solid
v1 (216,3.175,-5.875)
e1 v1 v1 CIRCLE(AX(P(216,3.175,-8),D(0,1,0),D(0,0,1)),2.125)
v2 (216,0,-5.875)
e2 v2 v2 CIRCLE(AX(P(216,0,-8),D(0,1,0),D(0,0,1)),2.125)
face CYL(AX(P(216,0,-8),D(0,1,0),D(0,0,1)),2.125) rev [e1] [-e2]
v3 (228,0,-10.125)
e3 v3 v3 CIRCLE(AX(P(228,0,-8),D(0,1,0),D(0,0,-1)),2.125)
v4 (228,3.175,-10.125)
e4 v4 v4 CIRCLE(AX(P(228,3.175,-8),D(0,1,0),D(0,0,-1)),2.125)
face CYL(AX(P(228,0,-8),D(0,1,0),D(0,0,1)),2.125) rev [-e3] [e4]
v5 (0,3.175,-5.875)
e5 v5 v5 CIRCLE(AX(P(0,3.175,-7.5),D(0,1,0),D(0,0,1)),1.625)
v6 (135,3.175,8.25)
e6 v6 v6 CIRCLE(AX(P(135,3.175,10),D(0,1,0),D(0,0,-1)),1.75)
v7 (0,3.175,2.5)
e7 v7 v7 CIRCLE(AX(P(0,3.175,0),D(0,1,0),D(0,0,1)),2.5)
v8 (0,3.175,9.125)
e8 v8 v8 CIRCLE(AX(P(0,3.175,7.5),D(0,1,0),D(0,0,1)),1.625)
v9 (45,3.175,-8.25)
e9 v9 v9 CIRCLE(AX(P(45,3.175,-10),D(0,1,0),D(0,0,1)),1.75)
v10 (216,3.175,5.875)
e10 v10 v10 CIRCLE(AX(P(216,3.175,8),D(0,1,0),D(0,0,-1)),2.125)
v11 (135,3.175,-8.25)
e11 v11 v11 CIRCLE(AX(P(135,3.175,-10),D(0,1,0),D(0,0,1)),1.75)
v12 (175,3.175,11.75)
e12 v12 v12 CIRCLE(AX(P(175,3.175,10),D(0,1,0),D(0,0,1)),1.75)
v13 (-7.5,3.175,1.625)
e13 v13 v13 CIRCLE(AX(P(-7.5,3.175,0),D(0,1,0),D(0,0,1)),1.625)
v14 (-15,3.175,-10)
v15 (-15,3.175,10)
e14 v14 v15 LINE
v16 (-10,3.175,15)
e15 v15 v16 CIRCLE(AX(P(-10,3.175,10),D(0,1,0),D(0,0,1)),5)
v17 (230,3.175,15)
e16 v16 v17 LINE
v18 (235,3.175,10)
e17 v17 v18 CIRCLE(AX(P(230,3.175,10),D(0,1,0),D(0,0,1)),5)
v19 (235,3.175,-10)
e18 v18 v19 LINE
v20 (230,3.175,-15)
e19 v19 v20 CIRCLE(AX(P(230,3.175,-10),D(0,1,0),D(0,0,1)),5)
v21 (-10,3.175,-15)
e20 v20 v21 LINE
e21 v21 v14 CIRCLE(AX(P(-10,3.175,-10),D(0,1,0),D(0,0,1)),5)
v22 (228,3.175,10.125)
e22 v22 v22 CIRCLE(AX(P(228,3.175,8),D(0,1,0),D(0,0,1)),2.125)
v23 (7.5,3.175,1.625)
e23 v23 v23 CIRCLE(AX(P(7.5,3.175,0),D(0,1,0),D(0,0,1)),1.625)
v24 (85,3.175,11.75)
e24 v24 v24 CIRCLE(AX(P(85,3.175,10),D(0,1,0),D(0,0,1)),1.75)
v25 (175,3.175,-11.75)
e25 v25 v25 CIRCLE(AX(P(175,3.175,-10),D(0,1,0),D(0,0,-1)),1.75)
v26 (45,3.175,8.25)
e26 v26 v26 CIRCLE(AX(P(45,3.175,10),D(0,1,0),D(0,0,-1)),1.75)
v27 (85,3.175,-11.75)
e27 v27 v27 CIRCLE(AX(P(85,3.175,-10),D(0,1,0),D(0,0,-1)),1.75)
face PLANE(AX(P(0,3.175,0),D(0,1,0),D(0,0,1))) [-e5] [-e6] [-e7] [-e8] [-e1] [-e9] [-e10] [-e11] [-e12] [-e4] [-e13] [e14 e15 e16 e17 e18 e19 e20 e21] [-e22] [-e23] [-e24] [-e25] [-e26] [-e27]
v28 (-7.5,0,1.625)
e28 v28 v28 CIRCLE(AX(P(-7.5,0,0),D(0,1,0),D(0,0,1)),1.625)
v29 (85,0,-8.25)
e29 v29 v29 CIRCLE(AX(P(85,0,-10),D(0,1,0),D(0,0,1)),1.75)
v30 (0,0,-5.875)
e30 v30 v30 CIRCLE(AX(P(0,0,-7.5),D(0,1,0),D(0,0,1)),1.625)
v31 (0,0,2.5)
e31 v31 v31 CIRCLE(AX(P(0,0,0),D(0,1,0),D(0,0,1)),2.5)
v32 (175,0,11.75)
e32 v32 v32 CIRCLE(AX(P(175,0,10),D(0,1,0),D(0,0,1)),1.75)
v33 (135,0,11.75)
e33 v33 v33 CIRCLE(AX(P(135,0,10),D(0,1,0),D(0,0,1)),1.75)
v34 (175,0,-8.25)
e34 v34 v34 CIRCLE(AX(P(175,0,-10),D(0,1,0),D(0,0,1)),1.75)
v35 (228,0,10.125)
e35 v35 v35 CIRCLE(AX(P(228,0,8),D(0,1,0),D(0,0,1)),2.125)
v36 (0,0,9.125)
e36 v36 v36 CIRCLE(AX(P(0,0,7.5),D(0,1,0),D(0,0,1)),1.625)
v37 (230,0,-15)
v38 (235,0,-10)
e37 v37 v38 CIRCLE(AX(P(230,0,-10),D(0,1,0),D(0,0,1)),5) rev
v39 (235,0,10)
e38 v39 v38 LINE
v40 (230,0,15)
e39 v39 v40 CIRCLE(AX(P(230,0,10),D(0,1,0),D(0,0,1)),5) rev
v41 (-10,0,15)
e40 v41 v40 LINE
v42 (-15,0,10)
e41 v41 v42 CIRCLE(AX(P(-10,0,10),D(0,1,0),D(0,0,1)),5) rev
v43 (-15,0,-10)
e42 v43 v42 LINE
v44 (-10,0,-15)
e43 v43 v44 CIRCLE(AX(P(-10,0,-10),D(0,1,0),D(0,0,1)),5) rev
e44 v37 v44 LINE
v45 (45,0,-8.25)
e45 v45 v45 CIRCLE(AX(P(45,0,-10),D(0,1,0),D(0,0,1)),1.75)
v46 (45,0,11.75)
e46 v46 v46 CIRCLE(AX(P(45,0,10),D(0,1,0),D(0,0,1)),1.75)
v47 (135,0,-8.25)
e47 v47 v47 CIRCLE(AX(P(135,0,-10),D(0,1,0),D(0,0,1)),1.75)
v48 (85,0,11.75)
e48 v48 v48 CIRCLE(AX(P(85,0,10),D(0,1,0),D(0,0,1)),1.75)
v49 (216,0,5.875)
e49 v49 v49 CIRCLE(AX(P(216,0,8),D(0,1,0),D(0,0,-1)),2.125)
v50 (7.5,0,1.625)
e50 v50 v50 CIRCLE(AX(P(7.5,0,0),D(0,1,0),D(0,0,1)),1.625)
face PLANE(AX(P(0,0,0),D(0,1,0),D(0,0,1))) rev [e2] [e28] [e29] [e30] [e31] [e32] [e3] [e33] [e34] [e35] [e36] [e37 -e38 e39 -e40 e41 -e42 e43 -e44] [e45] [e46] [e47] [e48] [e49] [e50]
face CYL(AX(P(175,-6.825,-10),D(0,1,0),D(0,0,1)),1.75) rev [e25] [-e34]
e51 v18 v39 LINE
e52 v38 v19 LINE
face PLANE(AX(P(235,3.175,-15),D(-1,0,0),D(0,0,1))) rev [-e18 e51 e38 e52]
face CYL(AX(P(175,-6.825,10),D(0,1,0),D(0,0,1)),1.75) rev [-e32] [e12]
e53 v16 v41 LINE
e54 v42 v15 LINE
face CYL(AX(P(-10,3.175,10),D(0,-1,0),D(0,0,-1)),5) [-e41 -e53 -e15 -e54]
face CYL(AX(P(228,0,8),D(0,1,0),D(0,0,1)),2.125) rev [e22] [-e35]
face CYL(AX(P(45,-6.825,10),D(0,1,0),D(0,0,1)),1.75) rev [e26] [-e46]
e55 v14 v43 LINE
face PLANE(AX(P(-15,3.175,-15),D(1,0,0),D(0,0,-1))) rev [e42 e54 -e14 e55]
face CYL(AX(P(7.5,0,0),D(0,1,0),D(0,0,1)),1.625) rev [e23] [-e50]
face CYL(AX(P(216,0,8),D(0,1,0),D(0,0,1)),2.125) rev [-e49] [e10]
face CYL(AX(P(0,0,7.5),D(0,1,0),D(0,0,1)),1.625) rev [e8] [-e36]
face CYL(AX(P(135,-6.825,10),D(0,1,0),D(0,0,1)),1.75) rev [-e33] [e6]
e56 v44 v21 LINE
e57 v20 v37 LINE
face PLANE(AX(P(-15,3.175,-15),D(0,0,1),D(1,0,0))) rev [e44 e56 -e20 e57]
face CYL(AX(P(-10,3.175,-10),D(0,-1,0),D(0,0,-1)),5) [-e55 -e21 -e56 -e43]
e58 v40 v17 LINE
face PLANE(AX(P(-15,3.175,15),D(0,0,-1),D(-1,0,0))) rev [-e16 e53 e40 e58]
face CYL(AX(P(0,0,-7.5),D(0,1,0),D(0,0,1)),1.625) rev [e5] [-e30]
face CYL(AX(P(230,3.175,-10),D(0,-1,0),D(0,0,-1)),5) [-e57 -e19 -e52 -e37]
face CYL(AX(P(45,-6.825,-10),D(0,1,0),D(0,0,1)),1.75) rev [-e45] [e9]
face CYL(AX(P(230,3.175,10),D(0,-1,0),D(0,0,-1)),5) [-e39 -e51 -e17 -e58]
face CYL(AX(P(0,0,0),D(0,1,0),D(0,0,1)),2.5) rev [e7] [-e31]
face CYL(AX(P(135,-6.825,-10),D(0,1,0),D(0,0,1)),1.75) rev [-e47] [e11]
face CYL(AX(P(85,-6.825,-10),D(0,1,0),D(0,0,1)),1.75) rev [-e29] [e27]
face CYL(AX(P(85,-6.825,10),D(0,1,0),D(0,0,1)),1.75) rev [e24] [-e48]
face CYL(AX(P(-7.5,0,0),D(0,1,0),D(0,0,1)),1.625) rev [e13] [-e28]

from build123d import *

# Parameters (mm, degrees)
SKETCH1_W           = 250
SKETCH1_H           = 30
BOSS_EXTRUDE1_DEPTH = 3.175
FILLET1_R           = 5
SKETCH2_R           = 2.5
CUT_EXTRUDE1_DEPTH  = 236.499640393
SKETCH3_R           = 1.625
CUT_EXTRUDE3_DEPTH  = 236.499640393
SKETCH4_R           = 1.75
CUT_EXTRUDE4_DEPTH  = 10
SKETCH5_R           = 2.125
CUT_EXTRUDE5_DEPTH  = 236.499640393


with BuildPart() as part:
    # Sketch1 → Boss-Extrude1 (new body)
    with BuildSketch(Plane(origin=(0, 0, 0), x_dir=(1, 0, 0), z_dir=(0, 1, 0))):
        with Locations((110, 0)):
            Rectangle(SKETCH1_W, SKETCH1_H)
    extrude(amount=BOSS_EXTRUDE1_DEPTH)

    # Fillet1
    fillet1_edges = [part.edges().sort_by_distance(p)[0] for p in [
        (-15, 1.5875, -15),
        (235, 1.5875, -15),
        (235, 1.5875, 15),
        (-15, 1.5875, 15),
    ]]
    fillet(fillet1_edges, radius=FILLET1_R)

    # Sketch2 → Cut-Extrude1 (cut, through all)
    with BuildSketch(Plane(origin=(0, 3.175, 0), x_dir=(1, 0, 0), z_dir=(0, 1, 0))):
        with Locations(Location((0, 0, 0), (0, 0, 270))):
            Circle(SKETCH2_R)
    extrude(amount=-CUT_EXTRUDE1_DEPTH, mode=Mode.SUBTRACT)

    # Sketch3 → Cut-Extrude3 (cut, through all)
    with BuildSketch(Plane(origin=(0, 3.175, 0), x_dir=(1, 0, 0), z_dir=(0, 1, 0))):
        with Locations(Location((7.5, 0, 0), (0, 0, 270))):
            Circle(SKETCH3_R)
        with Locations(Location((0, -7.5, 0), (0, 0, 270))):
            Circle(SKETCH3_R)
        with Locations(Location((-7.5, 0, 0), (0, 0, 270))):
            Circle(SKETCH3_R)
        with Locations(Location((0, 7.5, 0), (0, 0, 270))):
            Circle(SKETCH3_R)
    extrude(amount=-CUT_EXTRUDE3_DEPTH, mode=Mode.SUBTRACT)

    # Sketch4 → Cut-Extrude4 (cut)
    with BuildSketch(Plane(origin=(0, 3.175, 0), x_dir=(1, 0, 0), z_dir=(0, 1, 0))):
        with Locations(Location((85, -10, 0), (0, 0, 270))):
            Circle(SKETCH4_R)
        with Locations(Location((135, -10, 0), (0, 0, 270))):
            Circle(SKETCH4_R)
        with Locations(Location((135, 10, 0), (0, 0, 270))):
            Circle(SKETCH4_R)
        with Locations(Location((85, 10, 0), (0, 0, 270))):
            Circle(SKETCH4_R)
        with Locations(Location((175, -10, 0), (0, 0, 270))):
            Circle(SKETCH4_R)
        with Locations(Location((175, 10, 0), (0, 0, 270))):
            Circle(SKETCH4_R)
        with Locations(Location((45, -10, 0), (0, 0, 270))):
            Circle(SKETCH4_R)
        with Locations(Location((45, 10, 0), (0, 0, 270))):
            Circle(SKETCH4_R)
    extrude(amount=-CUT_EXTRUDE4_DEPTH, mode=Mode.SUBTRACT)

    # Sketch5 → Cut-Extrude5 (cut, through all)
    with BuildSketch(Plane(origin=(0, 3.175, 0), x_dir=(1, 0, 0), z_dir=(0, 1, 0))):
        with Locations(Location((216, 8, 0), (0, 0, 270))):
            Circle(SKETCH5_R)
        with Locations(Location((228, 8, 0), (0, 0, 90))):
            Circle(SKETCH5_R)
        with Locations(Location((228, -8, 0), (0, 0, 270))):
            Circle(SKETCH5_R)
        with Locations(Location((216, -8, 0), (0, 0, 90))):
            Circle(SKETCH5_R)
    extrude(amount=-CUT_EXTRUDE5_DEPTH, mode=Mode.SUBTRACT)


solid = part.part
